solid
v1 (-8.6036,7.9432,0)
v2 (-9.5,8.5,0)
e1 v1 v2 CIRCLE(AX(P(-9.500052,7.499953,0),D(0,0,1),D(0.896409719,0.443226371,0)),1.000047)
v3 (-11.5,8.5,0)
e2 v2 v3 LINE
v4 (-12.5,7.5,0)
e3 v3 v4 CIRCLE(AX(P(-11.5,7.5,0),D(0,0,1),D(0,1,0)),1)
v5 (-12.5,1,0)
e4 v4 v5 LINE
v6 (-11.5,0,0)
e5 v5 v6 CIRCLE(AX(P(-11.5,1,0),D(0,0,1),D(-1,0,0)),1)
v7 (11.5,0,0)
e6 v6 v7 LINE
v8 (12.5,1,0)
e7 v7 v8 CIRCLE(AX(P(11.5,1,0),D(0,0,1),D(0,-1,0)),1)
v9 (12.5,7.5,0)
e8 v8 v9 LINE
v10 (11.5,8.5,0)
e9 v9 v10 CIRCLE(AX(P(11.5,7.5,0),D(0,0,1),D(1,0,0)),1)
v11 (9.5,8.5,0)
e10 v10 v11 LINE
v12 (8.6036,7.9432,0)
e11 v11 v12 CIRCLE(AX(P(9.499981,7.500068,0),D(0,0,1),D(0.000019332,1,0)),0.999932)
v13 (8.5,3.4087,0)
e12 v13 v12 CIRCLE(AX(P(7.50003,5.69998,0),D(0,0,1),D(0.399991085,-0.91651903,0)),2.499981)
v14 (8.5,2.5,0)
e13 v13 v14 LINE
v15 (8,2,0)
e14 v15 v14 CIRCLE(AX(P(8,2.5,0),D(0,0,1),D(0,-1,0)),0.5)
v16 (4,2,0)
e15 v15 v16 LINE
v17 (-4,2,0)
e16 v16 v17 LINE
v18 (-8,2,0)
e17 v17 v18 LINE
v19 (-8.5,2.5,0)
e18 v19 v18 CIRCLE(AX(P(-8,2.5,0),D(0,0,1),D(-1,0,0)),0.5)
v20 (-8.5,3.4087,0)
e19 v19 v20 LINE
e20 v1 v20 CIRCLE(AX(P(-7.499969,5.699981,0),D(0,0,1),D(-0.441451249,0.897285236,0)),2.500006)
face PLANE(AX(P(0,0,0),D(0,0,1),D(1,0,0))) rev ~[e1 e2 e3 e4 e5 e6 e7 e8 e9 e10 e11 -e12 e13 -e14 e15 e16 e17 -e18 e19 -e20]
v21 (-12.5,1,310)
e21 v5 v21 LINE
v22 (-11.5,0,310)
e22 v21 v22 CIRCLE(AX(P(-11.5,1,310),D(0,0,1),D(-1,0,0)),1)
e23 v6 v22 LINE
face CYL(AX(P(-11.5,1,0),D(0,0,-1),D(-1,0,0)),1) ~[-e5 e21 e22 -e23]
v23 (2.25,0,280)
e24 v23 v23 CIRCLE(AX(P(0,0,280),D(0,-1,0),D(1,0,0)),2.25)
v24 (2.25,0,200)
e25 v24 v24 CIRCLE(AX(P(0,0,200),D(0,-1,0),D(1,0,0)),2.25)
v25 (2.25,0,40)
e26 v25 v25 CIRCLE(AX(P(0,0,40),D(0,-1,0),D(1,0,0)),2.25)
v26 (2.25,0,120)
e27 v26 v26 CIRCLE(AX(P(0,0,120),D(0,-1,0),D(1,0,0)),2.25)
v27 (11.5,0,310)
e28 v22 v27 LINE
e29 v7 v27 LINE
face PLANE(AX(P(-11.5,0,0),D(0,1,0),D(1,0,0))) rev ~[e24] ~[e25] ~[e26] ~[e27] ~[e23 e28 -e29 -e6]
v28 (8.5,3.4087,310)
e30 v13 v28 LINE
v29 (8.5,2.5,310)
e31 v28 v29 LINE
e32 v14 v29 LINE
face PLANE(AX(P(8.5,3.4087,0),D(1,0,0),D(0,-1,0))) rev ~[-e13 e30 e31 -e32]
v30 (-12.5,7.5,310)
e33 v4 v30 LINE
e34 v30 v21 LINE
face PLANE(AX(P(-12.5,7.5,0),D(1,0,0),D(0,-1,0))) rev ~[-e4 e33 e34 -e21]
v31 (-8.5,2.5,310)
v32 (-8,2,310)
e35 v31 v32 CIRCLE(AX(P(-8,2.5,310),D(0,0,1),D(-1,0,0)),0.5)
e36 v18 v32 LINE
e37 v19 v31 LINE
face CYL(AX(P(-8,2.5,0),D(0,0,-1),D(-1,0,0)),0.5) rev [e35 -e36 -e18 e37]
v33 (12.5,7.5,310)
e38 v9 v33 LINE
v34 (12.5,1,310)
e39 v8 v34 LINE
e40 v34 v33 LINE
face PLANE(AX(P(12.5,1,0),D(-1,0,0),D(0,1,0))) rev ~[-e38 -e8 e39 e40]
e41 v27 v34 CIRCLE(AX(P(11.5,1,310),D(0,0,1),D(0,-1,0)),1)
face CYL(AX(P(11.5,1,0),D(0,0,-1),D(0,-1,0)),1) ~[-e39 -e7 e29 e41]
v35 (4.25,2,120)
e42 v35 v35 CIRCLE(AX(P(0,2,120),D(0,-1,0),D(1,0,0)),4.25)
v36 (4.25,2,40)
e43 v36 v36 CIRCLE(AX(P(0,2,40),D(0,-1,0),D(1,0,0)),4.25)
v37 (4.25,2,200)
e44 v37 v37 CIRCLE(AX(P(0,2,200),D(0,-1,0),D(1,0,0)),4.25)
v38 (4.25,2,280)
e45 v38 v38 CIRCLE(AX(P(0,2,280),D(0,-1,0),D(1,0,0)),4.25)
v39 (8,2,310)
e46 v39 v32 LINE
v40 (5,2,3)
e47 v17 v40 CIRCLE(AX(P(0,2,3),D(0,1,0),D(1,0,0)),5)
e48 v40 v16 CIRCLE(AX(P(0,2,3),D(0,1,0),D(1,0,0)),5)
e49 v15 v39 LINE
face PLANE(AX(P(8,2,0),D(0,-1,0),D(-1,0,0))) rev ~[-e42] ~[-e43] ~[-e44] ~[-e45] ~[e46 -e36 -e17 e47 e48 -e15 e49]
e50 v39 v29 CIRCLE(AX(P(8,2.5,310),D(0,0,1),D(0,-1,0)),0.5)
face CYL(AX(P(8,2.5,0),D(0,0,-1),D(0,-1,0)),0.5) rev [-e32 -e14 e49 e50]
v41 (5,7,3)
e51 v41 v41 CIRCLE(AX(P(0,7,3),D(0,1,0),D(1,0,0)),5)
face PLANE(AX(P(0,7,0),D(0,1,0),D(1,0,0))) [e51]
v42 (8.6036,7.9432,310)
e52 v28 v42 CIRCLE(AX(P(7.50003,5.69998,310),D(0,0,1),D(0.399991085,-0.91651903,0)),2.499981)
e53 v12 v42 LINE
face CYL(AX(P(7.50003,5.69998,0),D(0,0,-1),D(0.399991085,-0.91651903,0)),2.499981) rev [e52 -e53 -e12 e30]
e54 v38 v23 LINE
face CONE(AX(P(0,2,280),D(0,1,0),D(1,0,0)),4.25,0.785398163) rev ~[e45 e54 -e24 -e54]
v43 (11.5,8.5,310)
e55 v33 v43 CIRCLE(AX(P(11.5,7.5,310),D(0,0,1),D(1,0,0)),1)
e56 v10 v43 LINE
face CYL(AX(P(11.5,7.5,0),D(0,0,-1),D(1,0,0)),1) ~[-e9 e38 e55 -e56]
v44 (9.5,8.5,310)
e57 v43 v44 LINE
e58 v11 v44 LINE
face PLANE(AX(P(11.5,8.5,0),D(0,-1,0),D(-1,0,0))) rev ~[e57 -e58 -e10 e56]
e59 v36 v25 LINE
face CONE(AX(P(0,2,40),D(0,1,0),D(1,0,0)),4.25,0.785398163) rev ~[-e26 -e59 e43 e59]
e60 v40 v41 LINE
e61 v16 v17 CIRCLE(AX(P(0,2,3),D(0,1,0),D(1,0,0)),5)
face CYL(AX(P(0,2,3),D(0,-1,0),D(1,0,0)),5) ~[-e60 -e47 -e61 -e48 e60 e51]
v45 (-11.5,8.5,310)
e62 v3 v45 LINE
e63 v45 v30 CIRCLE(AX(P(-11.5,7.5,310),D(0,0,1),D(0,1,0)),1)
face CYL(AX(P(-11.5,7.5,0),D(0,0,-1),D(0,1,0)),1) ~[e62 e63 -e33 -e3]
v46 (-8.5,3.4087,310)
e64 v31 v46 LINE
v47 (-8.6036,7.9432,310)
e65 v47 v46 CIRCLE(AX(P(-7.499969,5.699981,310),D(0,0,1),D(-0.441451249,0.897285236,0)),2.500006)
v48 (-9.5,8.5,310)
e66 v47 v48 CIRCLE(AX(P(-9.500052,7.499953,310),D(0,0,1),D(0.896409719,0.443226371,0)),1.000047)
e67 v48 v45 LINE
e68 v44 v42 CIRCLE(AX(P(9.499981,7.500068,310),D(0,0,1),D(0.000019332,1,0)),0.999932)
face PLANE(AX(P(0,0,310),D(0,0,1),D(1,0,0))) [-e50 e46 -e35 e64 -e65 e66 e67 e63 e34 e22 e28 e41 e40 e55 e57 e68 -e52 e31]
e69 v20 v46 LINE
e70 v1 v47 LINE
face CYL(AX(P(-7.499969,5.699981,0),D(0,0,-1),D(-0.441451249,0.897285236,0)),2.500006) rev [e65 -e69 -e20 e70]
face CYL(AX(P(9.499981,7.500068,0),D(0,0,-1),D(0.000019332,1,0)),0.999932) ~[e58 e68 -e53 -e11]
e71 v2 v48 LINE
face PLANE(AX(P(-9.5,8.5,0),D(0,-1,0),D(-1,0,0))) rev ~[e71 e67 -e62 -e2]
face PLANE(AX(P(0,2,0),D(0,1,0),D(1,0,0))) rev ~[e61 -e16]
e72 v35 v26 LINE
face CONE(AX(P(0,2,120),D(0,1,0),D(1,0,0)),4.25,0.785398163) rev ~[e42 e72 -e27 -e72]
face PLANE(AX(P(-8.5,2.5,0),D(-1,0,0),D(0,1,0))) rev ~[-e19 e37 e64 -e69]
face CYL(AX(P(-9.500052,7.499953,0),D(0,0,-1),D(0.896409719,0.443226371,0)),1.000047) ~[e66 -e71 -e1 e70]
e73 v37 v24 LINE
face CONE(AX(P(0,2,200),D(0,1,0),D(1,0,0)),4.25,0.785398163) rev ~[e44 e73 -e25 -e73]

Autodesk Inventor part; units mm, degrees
sketch "Sketch_1" plane through (0, 0, 0) normal (0, 0, 1) x (1, 0, 0)
  arc A0 (-12.5, 1) -> (-11.5, 0) centre (-11.5, 1) ccw
  line L0 (-11.5, 0) -> (11.5, 0)
  arc A1 (11.5, 0) -> (12.5, 1) centre (11.5, 1) ccw
  line L1 (12.5, 1) -> (12.5, 7.5)
  arc A2 (12.5, 7.5) -> (11.5, 8.5) centre (11.5, 7.5) ccw
  line L2 (11.5, 8.5) -> (9.5, 8.5)
  arc A3 (9.5, 8.5) -> (8.6036, 7.9432) centre (9.5, 7.5) ccw
  arc A4 (8.5, 3.4087) -> (8.6036, 7.9432) centre (7.5, 5.7) ccw
  line L3 (8.5, 3.4087) -> (8.5, 2.5)
  arc A5 (8, 2) -> (8.5, 2.5) centre (8, 2.5) ccw
  line L4 (8, 2) -> (-8, 2)
  arc A6 (-8.5, 2.5) -> (-8, 2) centre (-8, 2.5) ccw
  line L5 (-8.5, 2.5) -> (-8.5, 3.4087)
  arc A7 (-8.6036, 7.9432) -> (-8.5, 3.4087) centre (-7.5, 5.7) ccw
  arc A8 (-8.6036, 7.9432) -> (-9.5, 8.5) centre (-9.5, 7.5) ccw
  line L6 (-9.5, 8.5) -> (-11.5, 8.5)
  arc A9 (-11.5, 8.5) -> (-12.5, 7.5) centre (-11.5, 7.5) ccw
  line L7 (-12.5, 7.5) -> (-12.5, 1)
extrude "Extrusion1" add sketch "Sketch_1" along normal blind 310
sketch "Sketch_2" plane through (0, 0, 40) normal (0, 0, 1) x (1, 0, 0)
  line L0 (0, 0) -> (0, 2)
  line L1 (0, 2) -> (4.25, 2)
  line L2 (4.25, 2) -> (2.25, 0)
  line L3 (2.25, 0) -> (0, 0)
  line L4 (0, 0) -> (0, 2)
revolve "Revolution1" cut sketch "Sketch_2" angle 360 about axis through (0, 0, 40) along (0, -1, 0)
pattern_linear "Rectangular Pattern1" count 11 spacing 80 along (0, 0, 1) of "Revolution1"
sketch "Sketch_4" plane through (0, 2, 0) normal (0, 1, 0) x (1, 0, 0)
  circle A0 centre (0, -3) radius 5
extrude "Extrusion2" add sketch "Sketch_4" along normal blind 5
sketch "Sketch_5" plane through (0, 2, 0) normal (0, 1, 0) x (1, 0, 0)
  circle A0 centre (0, -877) radius 5
extrude "Extrusion3" [suppressed]
ref_plane "rail25_to_dummy_XY" through (0, 0, 440) normal (0, 0, 1) x (1, 0, 0)
ref_plane "rail25_to_dummy_YZ" through (0, 0, 440) normal (1, 0, 0) x (0, 1, 0)
ref_plane "rail25_to_dummy_ZX" through (0, 0, 440) normal (0, 1, 0) x (0, 0, 1)
ref_plane "to_slider_XY" through (0, 12, 440) normal (0, 0, 1) x (1, 0, 0)
ref_plane "to_slider_YZ" through (0, 12, 440) normal (1, 0, 0) x (0, 1, 0)
ref_plane "to_slider_ZX" through (0, 12, 440) normal (0, 1, 0) x (0, 0, 1)
properties part number "RSRR25-880"
